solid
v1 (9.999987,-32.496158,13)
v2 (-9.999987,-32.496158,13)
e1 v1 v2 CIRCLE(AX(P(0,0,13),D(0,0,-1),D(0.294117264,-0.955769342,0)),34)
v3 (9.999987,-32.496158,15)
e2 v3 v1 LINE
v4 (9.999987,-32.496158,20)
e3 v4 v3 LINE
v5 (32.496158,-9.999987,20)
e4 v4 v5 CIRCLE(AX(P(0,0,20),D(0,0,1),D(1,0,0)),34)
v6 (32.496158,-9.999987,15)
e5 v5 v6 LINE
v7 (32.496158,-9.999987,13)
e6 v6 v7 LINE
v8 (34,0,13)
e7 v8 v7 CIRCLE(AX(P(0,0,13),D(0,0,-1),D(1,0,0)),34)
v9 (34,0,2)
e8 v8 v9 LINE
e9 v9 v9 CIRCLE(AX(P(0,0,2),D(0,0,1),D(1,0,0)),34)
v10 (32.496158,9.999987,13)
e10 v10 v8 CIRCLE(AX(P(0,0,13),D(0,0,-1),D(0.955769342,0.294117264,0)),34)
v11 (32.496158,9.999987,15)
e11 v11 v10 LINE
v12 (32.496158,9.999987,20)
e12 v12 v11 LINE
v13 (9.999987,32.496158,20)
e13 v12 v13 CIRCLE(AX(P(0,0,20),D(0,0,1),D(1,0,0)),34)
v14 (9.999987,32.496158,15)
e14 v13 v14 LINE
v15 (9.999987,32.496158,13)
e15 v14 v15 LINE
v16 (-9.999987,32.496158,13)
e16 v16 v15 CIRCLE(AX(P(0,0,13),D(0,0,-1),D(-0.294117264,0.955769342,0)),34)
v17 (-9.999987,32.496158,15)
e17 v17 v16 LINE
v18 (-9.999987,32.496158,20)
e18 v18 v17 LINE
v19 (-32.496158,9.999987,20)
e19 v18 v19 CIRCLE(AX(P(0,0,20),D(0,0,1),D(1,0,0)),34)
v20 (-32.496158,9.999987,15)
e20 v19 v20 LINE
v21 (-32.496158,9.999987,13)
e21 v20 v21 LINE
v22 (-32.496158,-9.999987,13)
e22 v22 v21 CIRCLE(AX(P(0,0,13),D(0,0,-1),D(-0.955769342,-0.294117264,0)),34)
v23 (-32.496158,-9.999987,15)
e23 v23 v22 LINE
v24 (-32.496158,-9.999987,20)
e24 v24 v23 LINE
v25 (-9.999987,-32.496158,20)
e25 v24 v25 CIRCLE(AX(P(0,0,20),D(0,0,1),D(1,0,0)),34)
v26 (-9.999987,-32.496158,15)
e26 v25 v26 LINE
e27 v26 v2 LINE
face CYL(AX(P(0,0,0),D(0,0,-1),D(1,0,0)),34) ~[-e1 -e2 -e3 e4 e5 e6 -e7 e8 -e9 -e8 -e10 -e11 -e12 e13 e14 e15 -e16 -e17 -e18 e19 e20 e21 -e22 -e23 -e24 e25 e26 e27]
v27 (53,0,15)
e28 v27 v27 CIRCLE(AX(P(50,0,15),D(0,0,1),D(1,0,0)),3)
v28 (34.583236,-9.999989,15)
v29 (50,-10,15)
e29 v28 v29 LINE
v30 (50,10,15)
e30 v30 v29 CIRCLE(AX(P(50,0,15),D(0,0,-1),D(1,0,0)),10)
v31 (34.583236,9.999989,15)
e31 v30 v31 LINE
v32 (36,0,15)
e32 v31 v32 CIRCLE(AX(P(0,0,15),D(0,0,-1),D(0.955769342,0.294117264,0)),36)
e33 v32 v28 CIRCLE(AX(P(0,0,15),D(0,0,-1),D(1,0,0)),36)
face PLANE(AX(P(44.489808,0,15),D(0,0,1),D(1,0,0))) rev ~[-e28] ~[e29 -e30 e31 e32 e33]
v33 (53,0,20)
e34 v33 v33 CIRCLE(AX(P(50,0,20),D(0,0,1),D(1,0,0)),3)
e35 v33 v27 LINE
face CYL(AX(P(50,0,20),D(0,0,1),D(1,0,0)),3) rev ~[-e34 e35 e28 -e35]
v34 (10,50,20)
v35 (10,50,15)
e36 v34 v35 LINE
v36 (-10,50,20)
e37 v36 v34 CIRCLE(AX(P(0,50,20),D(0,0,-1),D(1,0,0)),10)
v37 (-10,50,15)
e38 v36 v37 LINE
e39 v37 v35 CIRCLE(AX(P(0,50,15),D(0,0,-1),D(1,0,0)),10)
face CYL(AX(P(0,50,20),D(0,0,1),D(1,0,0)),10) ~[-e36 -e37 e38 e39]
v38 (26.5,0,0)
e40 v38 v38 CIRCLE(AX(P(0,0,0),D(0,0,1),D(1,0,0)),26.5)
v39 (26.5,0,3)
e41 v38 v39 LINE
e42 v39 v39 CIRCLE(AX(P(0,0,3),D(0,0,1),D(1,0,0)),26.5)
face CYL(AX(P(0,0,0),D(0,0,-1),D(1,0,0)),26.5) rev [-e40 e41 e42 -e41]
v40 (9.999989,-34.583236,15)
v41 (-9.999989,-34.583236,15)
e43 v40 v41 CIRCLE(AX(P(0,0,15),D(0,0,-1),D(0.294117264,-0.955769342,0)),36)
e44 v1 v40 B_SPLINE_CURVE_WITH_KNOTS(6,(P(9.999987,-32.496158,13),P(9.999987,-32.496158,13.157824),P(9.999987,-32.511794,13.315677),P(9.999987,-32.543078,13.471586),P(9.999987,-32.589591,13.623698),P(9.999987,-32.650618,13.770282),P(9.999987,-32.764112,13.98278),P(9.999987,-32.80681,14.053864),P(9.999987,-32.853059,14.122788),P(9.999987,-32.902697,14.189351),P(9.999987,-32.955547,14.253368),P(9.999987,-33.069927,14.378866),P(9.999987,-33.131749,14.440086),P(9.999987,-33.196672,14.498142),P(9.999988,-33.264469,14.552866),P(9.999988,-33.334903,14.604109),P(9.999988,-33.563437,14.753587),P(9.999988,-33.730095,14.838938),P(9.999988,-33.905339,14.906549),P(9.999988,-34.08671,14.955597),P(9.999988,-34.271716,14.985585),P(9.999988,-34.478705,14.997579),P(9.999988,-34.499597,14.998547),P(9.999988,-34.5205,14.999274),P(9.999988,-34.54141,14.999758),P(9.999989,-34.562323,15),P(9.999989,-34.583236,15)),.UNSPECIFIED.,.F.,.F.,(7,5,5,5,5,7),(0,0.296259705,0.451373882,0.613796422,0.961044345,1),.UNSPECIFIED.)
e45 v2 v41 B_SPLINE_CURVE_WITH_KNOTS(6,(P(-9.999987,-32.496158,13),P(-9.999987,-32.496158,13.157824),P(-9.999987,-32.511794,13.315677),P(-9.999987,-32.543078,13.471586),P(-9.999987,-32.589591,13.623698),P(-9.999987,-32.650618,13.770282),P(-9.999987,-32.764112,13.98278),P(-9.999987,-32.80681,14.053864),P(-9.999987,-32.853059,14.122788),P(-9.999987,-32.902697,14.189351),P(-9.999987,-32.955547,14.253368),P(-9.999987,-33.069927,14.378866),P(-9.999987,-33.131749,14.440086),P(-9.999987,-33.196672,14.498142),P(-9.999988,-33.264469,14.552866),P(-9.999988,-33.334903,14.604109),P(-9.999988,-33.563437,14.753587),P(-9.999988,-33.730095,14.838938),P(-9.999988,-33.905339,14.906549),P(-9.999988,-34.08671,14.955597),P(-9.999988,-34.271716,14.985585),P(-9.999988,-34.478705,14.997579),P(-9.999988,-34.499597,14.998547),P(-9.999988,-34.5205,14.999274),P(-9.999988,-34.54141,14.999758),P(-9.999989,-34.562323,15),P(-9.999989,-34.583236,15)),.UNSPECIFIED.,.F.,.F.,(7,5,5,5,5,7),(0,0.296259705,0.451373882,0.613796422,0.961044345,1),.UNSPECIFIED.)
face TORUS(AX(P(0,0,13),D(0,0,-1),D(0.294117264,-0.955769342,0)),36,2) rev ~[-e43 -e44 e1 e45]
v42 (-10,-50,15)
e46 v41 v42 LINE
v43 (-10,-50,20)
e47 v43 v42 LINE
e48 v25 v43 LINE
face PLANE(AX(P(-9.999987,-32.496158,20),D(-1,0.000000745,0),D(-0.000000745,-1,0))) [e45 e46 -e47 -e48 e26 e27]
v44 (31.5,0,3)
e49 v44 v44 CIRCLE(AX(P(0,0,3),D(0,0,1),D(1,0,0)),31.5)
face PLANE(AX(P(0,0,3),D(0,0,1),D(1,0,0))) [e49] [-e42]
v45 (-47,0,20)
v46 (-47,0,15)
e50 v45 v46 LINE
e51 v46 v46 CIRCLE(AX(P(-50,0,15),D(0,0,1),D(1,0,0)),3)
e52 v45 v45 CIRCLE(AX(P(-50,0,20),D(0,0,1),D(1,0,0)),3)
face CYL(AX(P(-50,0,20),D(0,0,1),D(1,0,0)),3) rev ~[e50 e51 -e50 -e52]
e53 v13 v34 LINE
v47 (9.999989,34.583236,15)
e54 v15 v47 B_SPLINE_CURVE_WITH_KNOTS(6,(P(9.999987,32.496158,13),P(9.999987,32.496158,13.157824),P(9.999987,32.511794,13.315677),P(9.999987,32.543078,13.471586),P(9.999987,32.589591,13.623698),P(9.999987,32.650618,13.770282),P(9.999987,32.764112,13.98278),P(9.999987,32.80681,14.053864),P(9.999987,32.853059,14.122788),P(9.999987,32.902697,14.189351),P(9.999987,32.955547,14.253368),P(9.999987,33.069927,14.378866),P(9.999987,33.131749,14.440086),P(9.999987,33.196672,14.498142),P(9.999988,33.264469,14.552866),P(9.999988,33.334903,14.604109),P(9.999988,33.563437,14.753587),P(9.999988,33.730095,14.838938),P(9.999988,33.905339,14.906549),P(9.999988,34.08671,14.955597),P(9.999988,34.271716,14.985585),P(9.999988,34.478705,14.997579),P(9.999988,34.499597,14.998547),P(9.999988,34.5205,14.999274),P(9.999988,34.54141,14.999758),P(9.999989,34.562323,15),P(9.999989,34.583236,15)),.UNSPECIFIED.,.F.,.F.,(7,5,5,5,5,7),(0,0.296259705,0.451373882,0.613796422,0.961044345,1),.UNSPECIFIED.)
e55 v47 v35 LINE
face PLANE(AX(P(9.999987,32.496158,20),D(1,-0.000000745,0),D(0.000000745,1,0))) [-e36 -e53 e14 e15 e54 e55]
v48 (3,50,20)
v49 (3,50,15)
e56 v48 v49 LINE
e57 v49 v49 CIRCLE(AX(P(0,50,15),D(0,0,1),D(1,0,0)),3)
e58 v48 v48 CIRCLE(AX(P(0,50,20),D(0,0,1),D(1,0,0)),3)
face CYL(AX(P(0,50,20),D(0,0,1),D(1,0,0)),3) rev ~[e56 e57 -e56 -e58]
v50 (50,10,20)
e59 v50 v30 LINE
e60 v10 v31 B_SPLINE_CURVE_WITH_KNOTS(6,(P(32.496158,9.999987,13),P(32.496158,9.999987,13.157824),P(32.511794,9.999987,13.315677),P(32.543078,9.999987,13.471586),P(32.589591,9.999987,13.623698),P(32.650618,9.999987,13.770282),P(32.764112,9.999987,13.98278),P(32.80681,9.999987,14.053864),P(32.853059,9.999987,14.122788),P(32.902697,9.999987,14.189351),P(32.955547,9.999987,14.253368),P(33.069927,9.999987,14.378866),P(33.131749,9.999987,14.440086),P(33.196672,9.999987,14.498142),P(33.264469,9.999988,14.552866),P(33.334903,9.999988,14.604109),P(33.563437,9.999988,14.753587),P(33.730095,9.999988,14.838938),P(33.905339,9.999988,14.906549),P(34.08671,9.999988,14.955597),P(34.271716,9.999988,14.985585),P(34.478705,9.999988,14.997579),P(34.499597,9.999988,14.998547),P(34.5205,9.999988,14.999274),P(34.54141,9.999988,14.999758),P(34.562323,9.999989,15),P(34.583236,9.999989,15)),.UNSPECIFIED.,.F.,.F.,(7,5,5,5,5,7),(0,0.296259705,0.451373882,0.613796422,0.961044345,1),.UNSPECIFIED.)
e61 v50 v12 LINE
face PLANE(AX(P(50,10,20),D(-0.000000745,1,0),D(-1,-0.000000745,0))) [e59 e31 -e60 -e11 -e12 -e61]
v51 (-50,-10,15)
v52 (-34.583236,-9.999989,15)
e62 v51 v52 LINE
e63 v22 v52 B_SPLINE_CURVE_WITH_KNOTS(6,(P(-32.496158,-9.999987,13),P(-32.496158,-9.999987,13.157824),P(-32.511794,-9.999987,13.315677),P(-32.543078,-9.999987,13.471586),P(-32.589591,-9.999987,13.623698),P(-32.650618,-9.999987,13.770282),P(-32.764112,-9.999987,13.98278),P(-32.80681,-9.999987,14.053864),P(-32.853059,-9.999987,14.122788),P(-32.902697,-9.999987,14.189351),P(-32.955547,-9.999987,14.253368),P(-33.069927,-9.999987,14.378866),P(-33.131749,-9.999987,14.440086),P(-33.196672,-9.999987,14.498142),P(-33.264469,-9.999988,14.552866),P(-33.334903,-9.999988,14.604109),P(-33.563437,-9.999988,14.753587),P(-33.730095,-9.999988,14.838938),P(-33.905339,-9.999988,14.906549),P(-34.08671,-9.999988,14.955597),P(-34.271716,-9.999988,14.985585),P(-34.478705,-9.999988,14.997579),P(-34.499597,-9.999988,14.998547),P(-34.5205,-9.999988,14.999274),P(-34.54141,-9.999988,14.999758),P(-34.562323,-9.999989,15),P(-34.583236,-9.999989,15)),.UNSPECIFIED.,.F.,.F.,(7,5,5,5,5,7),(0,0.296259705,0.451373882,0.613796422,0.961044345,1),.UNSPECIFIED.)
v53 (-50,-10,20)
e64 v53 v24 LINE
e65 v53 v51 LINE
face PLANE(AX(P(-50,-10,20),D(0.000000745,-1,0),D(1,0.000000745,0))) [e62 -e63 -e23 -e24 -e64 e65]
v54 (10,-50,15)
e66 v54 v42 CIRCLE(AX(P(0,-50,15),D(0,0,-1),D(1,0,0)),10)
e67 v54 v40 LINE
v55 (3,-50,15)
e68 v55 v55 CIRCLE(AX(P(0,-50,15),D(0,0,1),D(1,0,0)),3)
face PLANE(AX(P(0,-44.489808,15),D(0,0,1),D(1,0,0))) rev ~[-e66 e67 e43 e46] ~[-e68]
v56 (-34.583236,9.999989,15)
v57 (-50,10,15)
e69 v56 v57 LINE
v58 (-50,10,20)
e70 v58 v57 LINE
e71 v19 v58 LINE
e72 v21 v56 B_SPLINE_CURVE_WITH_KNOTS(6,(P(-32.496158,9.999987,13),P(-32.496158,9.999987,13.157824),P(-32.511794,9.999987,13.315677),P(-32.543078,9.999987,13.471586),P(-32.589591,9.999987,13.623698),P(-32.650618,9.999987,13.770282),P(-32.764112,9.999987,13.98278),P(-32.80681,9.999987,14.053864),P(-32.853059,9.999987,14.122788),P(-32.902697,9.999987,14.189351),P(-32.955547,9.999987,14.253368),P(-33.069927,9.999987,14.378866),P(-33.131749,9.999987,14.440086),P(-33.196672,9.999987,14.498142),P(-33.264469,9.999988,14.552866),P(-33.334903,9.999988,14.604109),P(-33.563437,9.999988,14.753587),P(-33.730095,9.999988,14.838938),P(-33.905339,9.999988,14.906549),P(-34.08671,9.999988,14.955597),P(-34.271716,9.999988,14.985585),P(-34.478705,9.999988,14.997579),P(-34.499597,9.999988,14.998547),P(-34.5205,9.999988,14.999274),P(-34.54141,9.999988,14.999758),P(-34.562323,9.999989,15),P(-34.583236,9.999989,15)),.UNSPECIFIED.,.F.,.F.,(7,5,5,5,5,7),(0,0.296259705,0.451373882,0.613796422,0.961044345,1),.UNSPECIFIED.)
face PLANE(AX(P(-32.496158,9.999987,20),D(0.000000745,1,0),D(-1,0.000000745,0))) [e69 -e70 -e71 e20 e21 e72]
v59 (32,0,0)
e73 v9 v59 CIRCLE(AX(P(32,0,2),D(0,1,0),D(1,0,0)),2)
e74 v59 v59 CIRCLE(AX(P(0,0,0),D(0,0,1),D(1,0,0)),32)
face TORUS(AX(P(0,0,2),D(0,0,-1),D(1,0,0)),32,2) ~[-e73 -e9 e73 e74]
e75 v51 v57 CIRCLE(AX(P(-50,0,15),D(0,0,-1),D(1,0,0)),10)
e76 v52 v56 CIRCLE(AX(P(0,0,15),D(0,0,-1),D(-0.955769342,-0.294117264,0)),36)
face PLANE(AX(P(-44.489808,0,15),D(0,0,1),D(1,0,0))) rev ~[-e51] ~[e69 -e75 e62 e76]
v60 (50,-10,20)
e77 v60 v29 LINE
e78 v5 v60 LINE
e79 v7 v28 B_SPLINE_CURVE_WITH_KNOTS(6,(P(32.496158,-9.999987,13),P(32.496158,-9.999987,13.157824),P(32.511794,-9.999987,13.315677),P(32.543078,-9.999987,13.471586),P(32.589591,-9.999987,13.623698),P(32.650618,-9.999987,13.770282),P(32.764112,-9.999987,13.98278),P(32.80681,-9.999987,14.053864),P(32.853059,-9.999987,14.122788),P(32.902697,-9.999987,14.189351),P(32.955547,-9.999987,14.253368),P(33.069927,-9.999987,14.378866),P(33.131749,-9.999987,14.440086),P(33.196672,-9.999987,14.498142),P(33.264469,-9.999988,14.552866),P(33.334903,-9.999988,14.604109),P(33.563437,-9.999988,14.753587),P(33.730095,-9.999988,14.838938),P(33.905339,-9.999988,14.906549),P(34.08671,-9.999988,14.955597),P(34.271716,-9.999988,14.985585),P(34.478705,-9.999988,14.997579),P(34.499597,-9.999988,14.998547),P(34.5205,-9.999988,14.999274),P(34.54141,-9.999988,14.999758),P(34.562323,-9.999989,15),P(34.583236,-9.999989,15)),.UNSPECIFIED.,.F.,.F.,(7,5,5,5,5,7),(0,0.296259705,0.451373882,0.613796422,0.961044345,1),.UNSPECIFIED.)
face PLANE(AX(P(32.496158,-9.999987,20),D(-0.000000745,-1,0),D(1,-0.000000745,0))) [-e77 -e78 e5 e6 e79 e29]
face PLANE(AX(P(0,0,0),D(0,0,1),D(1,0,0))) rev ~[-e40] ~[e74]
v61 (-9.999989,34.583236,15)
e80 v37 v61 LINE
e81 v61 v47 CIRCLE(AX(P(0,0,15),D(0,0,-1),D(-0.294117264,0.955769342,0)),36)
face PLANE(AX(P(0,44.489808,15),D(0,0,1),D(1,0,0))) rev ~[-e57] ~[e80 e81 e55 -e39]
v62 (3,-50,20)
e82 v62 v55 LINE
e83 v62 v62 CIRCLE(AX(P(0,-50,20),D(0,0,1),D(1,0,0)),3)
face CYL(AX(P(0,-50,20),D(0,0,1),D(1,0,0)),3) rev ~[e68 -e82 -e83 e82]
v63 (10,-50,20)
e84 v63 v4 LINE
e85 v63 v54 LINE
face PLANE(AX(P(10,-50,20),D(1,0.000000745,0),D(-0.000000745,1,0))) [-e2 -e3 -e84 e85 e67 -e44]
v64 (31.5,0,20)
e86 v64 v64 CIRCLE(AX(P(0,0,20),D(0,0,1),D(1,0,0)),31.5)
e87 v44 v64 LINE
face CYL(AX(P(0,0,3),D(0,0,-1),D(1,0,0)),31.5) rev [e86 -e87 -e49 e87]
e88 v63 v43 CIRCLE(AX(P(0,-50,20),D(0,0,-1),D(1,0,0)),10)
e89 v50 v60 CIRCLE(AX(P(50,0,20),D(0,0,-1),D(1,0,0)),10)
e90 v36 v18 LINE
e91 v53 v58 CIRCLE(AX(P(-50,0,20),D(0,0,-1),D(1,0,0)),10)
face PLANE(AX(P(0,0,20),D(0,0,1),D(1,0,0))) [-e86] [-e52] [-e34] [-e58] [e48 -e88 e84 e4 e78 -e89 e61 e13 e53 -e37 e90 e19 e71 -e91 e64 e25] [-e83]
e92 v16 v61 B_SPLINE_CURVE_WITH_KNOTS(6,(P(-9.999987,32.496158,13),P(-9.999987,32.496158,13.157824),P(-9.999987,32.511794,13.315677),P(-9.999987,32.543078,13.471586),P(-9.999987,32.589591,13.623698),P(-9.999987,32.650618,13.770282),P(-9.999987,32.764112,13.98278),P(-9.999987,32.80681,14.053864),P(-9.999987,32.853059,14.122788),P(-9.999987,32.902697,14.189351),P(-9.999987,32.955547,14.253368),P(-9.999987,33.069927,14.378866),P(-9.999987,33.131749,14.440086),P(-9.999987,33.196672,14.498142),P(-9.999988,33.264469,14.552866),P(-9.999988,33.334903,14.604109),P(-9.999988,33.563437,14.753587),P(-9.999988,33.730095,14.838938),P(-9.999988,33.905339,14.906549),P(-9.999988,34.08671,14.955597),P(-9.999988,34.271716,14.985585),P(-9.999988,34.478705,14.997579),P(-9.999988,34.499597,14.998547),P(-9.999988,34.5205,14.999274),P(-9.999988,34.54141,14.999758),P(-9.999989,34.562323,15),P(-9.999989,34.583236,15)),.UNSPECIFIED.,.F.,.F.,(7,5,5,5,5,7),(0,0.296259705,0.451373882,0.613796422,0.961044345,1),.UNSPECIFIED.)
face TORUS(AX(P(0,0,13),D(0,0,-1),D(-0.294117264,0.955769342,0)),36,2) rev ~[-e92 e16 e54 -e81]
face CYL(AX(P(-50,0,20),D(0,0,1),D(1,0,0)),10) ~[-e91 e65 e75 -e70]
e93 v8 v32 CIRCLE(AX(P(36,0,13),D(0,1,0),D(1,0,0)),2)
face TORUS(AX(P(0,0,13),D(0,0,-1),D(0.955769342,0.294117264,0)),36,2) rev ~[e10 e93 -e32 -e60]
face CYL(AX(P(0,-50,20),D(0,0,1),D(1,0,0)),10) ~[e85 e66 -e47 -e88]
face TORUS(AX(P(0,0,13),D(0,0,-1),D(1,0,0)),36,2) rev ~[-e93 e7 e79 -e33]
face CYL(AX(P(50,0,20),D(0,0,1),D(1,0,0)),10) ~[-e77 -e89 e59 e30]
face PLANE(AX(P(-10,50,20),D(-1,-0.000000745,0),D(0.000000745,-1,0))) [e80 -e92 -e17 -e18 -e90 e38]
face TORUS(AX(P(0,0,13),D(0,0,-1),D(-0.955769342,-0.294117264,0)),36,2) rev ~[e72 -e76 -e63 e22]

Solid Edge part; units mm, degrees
sketch "Sketch1" plane through (0, 0, 0) normal (0, 0, 1) x (1, 0, 0)
  circle A0 centre (0, 0) radius 26.5
  circle A1 centre (0, 0) radius 34
extrude "Protrusion1" add sketch "Sketch1" along normal blind 3
sketch "Sketch2" plane through (0, 0, 3) normal (0, 0, 1) x (1, 0, 0)
  circle A0 centre (0, 0) radius 31.5
  circle A1 centre (0, 0) radius 34
extrude "ExtrudedProtrusion_2" add sketch "Sketch2" along normal blind 17
fillet "Round_1" radius 2 1 edges at (-34, 0, 0)
sketch "Sketch3" plane through (0, 0, 20) normal (0, 0, 1) x (1, 0, 0)
  line L0 (10, 32.4962) -> (10, 50)
  line L1 (-10, 50) -> (-10, 32.4962)
  arc A0 (-10, 32.4962) -> (10, 32.4962) centre (0, 0) cw
  arc A1 (-10, 50) -> (10, 50) centre (0, 50) cw
  circle A2 centre (0, 50) radius 3
  line L2 (50, 10) -> (32.4962, 10)
  arc A3 (32.4962, 10) -> (32.4962, -10) centre (0, 0) cw
  line L3 (32.4962, -10) -> (50, -10)
  arc A4 (50, 10) -> (50, -10) centre (50, 0) cw
  circle A5 centre (50, 0) radius 3
  circle A6 centre (0, -50) radius 3
  line L4 (-10, -32.4962) -> (-10, -50)
  line L5 (10, -50) -> (10, -32.4962)
  arc A7 (10, -50) -> (-10, -50) centre (0, -50) cw
  arc A8 (10, -32.4962) -> (-10, -32.4962) centre (0, 0) cw
  line L6 (-50, -10) -> (-32.4962, -10)
  arc A9 (-32.4962, -10) -> (-32.4962, 10) centre (0, 0) cw
  line L7 (-32.4962, 10) -> (-50, 10)
  arc A10 (-50, -10) -> (-50, 10) centre (-50, 0) cw
  circle A11 centre (-50, 0) radius 3
extrude "ExtrudedProtrusion_3" add sketch "Sketch3" against normal blind 5
fillet "Round_2" radius 2 4 edges at (34, 0, 15) (0, -34, 15) (-34, 0, 15) (0, 34, 15)
properties material "ABS, alto impacto"
